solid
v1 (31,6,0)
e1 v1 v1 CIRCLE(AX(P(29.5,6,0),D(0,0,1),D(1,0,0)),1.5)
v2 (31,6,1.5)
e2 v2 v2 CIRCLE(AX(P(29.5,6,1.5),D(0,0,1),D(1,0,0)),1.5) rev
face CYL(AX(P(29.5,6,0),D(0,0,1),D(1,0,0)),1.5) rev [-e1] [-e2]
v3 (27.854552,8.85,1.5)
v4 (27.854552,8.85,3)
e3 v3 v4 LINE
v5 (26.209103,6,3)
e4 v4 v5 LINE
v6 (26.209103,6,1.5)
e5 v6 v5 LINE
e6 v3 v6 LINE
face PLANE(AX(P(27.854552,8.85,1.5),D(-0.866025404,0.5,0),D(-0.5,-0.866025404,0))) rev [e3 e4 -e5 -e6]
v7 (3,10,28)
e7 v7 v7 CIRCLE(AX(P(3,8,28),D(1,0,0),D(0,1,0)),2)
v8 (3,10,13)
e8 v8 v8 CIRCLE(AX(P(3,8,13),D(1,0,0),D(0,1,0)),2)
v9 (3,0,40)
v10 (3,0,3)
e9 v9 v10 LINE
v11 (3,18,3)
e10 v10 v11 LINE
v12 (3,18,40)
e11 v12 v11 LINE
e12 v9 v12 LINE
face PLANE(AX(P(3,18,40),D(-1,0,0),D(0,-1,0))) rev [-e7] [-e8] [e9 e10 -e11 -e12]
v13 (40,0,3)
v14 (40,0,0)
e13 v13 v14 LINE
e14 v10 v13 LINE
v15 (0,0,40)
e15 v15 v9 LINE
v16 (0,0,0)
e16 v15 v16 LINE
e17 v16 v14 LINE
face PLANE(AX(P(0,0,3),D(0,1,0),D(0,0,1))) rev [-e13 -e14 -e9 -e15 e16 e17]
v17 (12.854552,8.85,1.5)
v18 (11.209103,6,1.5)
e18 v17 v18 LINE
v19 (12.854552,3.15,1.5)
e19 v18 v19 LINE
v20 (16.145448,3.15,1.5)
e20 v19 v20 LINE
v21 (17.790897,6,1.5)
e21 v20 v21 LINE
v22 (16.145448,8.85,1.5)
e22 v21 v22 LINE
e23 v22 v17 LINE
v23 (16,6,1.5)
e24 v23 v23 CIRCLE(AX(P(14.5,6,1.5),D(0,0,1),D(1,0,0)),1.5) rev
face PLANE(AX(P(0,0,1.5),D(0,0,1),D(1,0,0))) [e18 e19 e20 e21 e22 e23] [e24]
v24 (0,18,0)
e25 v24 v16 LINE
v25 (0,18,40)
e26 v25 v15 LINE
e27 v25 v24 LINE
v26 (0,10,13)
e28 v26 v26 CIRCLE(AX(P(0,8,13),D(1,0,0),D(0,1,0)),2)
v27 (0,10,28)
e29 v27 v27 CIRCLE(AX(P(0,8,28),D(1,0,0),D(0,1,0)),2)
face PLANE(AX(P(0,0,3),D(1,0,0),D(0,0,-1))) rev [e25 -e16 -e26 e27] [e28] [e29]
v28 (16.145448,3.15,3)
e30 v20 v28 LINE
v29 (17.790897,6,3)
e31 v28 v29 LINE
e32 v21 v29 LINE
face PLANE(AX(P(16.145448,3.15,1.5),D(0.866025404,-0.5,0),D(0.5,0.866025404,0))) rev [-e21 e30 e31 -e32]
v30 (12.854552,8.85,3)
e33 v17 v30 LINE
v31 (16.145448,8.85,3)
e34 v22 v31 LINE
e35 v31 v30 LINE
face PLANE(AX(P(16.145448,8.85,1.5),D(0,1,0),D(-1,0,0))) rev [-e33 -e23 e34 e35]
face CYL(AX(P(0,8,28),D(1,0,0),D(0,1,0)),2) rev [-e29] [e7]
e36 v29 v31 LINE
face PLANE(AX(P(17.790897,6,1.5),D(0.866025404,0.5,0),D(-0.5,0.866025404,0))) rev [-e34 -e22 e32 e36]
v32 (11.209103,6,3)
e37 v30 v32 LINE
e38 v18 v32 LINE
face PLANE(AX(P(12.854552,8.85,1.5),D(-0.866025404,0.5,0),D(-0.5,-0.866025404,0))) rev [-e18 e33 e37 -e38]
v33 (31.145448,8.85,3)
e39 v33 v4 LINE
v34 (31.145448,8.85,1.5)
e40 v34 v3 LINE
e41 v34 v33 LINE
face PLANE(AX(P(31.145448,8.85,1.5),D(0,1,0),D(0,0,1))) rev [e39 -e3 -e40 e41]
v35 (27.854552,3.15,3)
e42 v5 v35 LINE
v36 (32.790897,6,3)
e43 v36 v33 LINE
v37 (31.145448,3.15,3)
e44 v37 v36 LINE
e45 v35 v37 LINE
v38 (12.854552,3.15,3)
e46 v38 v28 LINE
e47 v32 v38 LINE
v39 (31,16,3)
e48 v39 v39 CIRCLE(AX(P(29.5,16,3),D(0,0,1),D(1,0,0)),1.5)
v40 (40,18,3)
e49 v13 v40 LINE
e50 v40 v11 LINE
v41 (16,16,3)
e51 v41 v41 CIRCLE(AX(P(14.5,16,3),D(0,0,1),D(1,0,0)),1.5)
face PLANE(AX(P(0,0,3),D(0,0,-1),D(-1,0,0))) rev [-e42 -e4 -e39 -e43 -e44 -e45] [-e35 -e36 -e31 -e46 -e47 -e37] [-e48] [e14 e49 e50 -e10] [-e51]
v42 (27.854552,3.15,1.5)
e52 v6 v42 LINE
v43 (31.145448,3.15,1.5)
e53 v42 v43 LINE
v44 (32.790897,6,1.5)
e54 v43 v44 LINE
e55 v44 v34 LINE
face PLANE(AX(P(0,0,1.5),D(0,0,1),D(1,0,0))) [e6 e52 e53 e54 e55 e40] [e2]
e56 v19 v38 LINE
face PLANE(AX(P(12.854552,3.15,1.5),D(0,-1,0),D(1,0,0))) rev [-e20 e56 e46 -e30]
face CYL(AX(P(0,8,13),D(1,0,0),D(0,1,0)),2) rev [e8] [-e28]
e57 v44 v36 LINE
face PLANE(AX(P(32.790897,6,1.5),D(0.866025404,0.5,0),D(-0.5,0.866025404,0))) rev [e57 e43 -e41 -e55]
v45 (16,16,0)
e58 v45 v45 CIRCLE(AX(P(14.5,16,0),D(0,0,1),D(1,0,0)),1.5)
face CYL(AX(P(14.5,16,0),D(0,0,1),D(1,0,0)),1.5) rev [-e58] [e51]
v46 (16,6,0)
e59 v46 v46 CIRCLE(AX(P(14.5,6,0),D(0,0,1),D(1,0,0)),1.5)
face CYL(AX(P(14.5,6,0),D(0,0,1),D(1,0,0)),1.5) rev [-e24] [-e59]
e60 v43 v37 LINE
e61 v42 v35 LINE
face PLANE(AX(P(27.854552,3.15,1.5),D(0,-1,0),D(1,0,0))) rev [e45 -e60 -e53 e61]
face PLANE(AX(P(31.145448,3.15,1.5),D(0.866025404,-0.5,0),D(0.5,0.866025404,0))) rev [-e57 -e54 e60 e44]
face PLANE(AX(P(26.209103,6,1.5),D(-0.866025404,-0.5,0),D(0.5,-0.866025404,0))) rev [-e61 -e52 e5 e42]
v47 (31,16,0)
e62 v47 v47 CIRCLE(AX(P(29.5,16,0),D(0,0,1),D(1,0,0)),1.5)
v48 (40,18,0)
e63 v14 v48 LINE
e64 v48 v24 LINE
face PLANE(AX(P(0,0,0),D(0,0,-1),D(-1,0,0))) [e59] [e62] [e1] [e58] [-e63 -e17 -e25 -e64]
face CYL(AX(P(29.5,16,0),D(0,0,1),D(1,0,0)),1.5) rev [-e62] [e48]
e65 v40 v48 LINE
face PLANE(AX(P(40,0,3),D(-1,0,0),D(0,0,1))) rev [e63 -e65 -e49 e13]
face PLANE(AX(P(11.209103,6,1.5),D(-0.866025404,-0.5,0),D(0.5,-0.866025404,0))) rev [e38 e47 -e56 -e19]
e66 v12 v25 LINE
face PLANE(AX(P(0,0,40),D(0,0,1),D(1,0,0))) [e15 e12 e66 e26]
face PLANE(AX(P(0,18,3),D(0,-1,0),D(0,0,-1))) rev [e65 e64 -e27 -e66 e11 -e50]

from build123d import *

# Parameters (mm, degrees)
ESQUISSE1_W             = 40
ESQUISSE1_H             = 18
BOSS_EXTRU_1_DEPTH      = 3
ESQUISSE2_W             = 3
ESQUISSE2_H             = 18
BOSS_EXTRU_2_DEPTH      = 37
ESQUISSE3_R             = 1.5
ENL_V_MAT_EXTRU_1_DEPTH = 58.384666942
ESQUISSE4_R             = 2
ENL_V_MAT_EXTRU_2_DEPTH = 58.384666942
ENL_V_MAT_EXTRU_3_DEPTH = 1.5


with BuildPart() as part:
    # Esquisse1 → Boss.-Extru.1 (new body)
    with BuildSketch(Plane.XY):
        with Locations((20, 9)):
            Rectangle(ESQUISSE1_W, ESQUISSE1_H)
    extrude(amount=BOSS_EXTRU_1_DEPTH)

    # Esquisse2 → Boss.-Extru.2 (add)
    with BuildSketch(Plane.XY.offset(3)):
        with Locations((1.5, 9)):
            Rectangle(ESQUISSE2_W, ESQUISSE2_H)
    extrude(amount=BOSS_EXTRU_2_DEPTH)

    # Esquisse3 → Enlèv. mat.-Extru.1 (cut, through all)
    with BuildSketch(Plane.XY.offset(3)):
        with Locations((14.5, 16)):
            Circle(ESQUISSE3_R)
        with Locations((29.5, 16)):
            Circle(ESQUISSE3_R)
        with Locations((14.5, 6)):
            Circle(ESQUISSE3_R)
        with Locations((29.5, 6)):
            Circle(ESQUISSE3_R)
    extrude(amount=-ENL_V_MAT_EXTRU_1_DEPTH, mode=Mode.SUBTRACT)

    # Esquisse4 → Enlèv. mat.-Extru.2 (cut, through all)
    with BuildSketch(Plane(origin=(3, 0, 0), x_dir=(0, 0, -1), z_dir=(1, 0, 0))):
        with Locations(Location((-28, 8, 0), (0, 0, 90))):
            Circle(ESQUISSE4_R)
        with Locations(Location((-13, 8, 0), (0, 0, 90))):
            Circle(ESQUISSE4_R)
    extrude(amount=-ENL_V_MAT_EXTRU_2_DEPTH, mode=Mode.SUBTRACT)

    # Esquisse5 → Enlèv. mat.-Extru.3 (cut)
    with BuildSketch(Plane.XY.offset(3)):
        Polygon((16.145448267, 8.85), (12.854551733, 8.85), (11.209103466, 6), (12.854551733, 3.15), (16.145448267, 3.15), (17.790896534, 6), align=None)
        Polygon((31.145448267, 8.85), (27.854551733, 8.85), (26.209103466, 6), (27.854551733, 3.15), (31.145448267, 3.15), (32.790896534, 6), align=None)
    extrude(amount=-ENL_V_MAT_EXTRU_3_DEPTH, mode=Mode.SUBTRACT)


solid = part.part
